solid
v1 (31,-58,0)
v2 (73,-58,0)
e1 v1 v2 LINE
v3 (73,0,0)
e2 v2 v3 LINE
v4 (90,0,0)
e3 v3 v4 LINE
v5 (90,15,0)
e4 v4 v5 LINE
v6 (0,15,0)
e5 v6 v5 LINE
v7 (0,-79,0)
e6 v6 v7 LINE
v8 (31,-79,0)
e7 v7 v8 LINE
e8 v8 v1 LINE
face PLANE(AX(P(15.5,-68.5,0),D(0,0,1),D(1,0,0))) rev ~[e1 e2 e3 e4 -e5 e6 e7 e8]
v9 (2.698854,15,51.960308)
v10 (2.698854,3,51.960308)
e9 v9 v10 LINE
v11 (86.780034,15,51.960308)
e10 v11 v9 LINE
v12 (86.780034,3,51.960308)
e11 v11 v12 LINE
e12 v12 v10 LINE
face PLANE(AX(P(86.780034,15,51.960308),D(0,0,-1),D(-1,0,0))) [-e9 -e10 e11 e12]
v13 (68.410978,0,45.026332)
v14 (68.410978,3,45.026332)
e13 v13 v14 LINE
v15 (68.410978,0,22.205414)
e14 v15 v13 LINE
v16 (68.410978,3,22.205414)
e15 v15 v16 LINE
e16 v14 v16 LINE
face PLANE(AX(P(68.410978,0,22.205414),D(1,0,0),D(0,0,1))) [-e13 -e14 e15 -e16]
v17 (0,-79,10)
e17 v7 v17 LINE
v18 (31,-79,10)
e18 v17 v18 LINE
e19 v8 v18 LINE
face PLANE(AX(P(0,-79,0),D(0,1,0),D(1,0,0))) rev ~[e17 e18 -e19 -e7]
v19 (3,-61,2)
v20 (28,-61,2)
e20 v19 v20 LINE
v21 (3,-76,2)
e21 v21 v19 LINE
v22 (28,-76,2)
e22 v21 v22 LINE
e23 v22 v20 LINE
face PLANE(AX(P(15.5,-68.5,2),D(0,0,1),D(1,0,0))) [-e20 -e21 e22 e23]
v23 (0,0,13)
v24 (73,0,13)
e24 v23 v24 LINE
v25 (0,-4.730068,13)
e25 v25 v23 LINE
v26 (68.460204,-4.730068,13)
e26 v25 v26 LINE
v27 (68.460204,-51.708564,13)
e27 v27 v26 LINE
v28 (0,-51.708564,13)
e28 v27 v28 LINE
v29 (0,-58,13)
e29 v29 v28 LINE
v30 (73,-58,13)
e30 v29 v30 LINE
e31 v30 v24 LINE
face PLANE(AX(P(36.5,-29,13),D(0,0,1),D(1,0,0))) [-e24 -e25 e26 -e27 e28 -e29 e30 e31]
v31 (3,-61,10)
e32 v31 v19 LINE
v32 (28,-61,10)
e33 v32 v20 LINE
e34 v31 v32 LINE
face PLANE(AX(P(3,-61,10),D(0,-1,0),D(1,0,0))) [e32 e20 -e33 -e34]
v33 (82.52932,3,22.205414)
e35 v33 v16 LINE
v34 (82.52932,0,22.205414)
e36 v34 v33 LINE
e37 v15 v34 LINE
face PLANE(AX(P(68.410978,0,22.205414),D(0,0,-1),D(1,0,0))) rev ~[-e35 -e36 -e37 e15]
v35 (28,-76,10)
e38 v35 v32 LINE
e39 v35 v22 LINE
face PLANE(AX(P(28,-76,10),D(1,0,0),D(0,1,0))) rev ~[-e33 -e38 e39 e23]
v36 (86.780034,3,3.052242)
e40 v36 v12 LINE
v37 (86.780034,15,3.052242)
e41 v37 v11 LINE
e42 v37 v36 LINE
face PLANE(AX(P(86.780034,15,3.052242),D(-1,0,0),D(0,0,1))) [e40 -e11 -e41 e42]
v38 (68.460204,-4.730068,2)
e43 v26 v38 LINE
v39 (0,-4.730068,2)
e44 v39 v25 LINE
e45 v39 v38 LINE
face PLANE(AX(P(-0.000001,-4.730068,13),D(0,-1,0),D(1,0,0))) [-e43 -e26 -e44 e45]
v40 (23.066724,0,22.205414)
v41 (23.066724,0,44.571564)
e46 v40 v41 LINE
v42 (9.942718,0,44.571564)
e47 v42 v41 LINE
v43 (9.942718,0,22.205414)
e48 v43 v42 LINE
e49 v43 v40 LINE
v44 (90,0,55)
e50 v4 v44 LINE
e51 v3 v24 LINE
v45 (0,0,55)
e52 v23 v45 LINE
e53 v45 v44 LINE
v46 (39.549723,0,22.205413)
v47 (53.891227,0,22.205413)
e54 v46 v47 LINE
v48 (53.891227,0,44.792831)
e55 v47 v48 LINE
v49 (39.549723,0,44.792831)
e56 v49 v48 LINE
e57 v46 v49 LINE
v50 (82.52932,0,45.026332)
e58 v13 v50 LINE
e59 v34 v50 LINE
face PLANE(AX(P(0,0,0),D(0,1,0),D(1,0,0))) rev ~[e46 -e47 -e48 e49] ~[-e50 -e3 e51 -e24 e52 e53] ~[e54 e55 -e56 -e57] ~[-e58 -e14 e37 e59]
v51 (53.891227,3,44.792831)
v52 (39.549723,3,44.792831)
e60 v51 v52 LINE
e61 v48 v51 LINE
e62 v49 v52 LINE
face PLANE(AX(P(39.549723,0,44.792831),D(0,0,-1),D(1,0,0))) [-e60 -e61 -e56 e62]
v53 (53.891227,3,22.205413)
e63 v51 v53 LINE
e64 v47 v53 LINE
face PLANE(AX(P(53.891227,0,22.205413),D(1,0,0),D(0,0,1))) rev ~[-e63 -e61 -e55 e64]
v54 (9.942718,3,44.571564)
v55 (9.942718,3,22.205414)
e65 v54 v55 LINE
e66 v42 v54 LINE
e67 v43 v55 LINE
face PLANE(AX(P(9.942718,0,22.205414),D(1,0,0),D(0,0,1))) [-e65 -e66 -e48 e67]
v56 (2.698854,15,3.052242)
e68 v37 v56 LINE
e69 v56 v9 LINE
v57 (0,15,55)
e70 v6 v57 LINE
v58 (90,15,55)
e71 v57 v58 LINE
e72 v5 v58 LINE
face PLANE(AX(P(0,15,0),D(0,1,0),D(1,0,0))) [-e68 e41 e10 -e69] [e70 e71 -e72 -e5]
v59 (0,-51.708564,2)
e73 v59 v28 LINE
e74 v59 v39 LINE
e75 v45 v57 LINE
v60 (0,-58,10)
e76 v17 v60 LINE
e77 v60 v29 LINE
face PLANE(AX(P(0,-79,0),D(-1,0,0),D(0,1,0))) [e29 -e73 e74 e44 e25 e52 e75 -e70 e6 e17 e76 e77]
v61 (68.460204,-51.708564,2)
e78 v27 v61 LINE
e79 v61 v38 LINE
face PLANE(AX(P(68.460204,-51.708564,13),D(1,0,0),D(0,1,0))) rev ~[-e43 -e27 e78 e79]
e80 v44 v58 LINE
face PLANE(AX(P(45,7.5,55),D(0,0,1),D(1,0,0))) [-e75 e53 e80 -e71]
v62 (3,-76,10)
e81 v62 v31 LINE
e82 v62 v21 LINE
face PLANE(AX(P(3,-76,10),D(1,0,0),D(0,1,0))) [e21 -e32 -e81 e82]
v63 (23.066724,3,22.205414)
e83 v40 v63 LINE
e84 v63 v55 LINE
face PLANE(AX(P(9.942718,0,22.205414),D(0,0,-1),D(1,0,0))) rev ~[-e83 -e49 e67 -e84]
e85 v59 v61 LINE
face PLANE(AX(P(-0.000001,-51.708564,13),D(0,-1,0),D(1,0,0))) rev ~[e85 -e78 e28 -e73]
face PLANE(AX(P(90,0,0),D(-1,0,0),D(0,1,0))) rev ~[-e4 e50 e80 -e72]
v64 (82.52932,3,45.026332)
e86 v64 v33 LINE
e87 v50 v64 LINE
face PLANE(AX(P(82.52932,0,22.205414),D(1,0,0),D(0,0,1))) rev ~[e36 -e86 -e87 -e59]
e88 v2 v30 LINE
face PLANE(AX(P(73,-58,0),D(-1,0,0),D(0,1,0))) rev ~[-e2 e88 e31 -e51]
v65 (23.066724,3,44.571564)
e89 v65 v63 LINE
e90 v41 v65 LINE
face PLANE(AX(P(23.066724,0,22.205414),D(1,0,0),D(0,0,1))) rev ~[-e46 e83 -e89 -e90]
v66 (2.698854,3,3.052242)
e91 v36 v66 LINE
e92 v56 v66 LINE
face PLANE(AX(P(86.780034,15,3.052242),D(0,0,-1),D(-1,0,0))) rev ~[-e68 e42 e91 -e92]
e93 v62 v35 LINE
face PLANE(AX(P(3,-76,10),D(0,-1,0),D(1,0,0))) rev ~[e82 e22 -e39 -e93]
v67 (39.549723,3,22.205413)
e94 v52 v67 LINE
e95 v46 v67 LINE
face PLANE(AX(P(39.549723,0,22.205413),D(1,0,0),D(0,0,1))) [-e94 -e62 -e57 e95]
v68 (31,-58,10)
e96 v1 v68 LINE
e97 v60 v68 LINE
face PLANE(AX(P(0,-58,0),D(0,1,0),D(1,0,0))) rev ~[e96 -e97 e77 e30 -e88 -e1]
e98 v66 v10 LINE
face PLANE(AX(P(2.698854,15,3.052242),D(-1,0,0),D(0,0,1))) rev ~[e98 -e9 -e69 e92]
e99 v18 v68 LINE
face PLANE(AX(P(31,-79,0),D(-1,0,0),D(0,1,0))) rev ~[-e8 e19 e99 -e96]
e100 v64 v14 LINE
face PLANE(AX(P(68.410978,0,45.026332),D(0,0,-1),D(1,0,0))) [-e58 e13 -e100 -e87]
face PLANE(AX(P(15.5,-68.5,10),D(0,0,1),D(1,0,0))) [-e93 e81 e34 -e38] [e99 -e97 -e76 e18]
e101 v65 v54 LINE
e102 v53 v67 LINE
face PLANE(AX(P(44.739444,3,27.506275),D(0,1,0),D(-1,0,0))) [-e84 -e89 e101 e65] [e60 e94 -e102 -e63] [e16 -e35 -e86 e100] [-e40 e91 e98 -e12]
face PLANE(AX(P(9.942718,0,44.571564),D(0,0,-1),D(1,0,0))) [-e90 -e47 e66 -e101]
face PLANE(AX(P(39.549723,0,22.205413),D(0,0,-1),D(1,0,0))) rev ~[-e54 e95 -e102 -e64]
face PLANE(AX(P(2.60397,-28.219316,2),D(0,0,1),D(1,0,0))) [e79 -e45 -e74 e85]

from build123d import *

# Parameters (mm, degrees)
F0_W      = 73
F0_H      = 58
F1_DEPTH  = 13
F2_W      = 63.252263
F2_H      = 46.978496
F3_DEPTH  = 11
F4_W      = 5.207941
F4_H      = 46.978496
F5_DEPTH  = 11
F6_W      = 90
F6_H      = 15
F7_DEPTH  = 55
F8_W      = 84.081179
F8_H      = 48.908066
F9_DEPTH  = 12
F10_W     = 31
F10_H     = 21
F11_DEPTH = 10
F12_W     = 25
F12_H     = 15
F13_DEPTH = 8
F14_W     = 13.124006
F14_H     = 22.36615
F14_W_2   = 14.341504
F14_H_2   = 22.587417
F14_W_3   = 14.118343
F14_H_3   = 22.820918
F15_DEPTH = 25


with BuildPart() as f1:
    # F0 (on Top) → F1 (new body)
    with BuildSketch(Plane.XY):
        with Locations((36.5, -29)):
            Rectangle(F0_W, F0_H)
    extrude(amount=F1_DEPTH)

    # F2 (on face) → F3 (cut)
    with BuildSketch(Plane.XY.offset(13)):
        with Locations((36.834072, -28.219316)):
            Rectangle(F2_W, F2_H)
    extrude(amount=-F3_DEPTH, mode=Mode.SUBTRACT)

    # F4 (on face) → F5 (cut)
    with BuildSketch(Plane.XY.offset(13)):
        with Locations((2.60397, -28.219316)):
            Rectangle(F4_W, F4_H)
    extrude(amount=-F5_DEPTH, mode=Mode.SUBTRACT)

    # F6 (on Top) → F7 (join)
    with BuildSketch(Plane.XY):
        with Locations((45, 7.5)):
            Rectangle(F6_W, F6_H)
    extrude(amount=F7_DEPTH)

    # F8 (on face) → F9 (cut)
    with BuildSketch(Plane(origin=(0, 15, 0), x_dir=(-1, 0, 0), z_dir=(0, 1, 0))):
        with Locations((-44.739444, 27.506275)):
            Rectangle(F8_W, F8_H)
    extrude(amount=-F9_DEPTH, mode=Mode.SUBTRACT)

    # F10 (on Top) → F11 (join)
    with BuildSketch(Plane.XY):
        with Locations((15.5, -68.5)):
            Rectangle(F10_W, F10_H)
    extrude(amount=F11_DEPTH)

    # F12 (on face) → F13 (cut)
    with BuildSketch(Plane.XY.offset(10)):
        with Locations((15.5, -68.5)):
            Rectangle(F12_W, F12_H)
    extrude(amount=-F13_DEPTH, mode=Mode.SUBTRACT)

    # F14 (on face) → F15 (cut)
    with BuildSketch(Plane.XZ):
        with Locations((16.504721, 33.388489)):
            Rectangle(F14_W, F14_H)
        with Locations((46.720475, 33.499122)):
            Rectangle(F14_W_2, F14_H_2)
        with Locations((75.470149, 33.615873)):
            Rectangle(F14_W_3, F14_H_3)
    extrude(amount=-F15_DEPTH, mode=Mode.SUBTRACT)


solid = f1.part
